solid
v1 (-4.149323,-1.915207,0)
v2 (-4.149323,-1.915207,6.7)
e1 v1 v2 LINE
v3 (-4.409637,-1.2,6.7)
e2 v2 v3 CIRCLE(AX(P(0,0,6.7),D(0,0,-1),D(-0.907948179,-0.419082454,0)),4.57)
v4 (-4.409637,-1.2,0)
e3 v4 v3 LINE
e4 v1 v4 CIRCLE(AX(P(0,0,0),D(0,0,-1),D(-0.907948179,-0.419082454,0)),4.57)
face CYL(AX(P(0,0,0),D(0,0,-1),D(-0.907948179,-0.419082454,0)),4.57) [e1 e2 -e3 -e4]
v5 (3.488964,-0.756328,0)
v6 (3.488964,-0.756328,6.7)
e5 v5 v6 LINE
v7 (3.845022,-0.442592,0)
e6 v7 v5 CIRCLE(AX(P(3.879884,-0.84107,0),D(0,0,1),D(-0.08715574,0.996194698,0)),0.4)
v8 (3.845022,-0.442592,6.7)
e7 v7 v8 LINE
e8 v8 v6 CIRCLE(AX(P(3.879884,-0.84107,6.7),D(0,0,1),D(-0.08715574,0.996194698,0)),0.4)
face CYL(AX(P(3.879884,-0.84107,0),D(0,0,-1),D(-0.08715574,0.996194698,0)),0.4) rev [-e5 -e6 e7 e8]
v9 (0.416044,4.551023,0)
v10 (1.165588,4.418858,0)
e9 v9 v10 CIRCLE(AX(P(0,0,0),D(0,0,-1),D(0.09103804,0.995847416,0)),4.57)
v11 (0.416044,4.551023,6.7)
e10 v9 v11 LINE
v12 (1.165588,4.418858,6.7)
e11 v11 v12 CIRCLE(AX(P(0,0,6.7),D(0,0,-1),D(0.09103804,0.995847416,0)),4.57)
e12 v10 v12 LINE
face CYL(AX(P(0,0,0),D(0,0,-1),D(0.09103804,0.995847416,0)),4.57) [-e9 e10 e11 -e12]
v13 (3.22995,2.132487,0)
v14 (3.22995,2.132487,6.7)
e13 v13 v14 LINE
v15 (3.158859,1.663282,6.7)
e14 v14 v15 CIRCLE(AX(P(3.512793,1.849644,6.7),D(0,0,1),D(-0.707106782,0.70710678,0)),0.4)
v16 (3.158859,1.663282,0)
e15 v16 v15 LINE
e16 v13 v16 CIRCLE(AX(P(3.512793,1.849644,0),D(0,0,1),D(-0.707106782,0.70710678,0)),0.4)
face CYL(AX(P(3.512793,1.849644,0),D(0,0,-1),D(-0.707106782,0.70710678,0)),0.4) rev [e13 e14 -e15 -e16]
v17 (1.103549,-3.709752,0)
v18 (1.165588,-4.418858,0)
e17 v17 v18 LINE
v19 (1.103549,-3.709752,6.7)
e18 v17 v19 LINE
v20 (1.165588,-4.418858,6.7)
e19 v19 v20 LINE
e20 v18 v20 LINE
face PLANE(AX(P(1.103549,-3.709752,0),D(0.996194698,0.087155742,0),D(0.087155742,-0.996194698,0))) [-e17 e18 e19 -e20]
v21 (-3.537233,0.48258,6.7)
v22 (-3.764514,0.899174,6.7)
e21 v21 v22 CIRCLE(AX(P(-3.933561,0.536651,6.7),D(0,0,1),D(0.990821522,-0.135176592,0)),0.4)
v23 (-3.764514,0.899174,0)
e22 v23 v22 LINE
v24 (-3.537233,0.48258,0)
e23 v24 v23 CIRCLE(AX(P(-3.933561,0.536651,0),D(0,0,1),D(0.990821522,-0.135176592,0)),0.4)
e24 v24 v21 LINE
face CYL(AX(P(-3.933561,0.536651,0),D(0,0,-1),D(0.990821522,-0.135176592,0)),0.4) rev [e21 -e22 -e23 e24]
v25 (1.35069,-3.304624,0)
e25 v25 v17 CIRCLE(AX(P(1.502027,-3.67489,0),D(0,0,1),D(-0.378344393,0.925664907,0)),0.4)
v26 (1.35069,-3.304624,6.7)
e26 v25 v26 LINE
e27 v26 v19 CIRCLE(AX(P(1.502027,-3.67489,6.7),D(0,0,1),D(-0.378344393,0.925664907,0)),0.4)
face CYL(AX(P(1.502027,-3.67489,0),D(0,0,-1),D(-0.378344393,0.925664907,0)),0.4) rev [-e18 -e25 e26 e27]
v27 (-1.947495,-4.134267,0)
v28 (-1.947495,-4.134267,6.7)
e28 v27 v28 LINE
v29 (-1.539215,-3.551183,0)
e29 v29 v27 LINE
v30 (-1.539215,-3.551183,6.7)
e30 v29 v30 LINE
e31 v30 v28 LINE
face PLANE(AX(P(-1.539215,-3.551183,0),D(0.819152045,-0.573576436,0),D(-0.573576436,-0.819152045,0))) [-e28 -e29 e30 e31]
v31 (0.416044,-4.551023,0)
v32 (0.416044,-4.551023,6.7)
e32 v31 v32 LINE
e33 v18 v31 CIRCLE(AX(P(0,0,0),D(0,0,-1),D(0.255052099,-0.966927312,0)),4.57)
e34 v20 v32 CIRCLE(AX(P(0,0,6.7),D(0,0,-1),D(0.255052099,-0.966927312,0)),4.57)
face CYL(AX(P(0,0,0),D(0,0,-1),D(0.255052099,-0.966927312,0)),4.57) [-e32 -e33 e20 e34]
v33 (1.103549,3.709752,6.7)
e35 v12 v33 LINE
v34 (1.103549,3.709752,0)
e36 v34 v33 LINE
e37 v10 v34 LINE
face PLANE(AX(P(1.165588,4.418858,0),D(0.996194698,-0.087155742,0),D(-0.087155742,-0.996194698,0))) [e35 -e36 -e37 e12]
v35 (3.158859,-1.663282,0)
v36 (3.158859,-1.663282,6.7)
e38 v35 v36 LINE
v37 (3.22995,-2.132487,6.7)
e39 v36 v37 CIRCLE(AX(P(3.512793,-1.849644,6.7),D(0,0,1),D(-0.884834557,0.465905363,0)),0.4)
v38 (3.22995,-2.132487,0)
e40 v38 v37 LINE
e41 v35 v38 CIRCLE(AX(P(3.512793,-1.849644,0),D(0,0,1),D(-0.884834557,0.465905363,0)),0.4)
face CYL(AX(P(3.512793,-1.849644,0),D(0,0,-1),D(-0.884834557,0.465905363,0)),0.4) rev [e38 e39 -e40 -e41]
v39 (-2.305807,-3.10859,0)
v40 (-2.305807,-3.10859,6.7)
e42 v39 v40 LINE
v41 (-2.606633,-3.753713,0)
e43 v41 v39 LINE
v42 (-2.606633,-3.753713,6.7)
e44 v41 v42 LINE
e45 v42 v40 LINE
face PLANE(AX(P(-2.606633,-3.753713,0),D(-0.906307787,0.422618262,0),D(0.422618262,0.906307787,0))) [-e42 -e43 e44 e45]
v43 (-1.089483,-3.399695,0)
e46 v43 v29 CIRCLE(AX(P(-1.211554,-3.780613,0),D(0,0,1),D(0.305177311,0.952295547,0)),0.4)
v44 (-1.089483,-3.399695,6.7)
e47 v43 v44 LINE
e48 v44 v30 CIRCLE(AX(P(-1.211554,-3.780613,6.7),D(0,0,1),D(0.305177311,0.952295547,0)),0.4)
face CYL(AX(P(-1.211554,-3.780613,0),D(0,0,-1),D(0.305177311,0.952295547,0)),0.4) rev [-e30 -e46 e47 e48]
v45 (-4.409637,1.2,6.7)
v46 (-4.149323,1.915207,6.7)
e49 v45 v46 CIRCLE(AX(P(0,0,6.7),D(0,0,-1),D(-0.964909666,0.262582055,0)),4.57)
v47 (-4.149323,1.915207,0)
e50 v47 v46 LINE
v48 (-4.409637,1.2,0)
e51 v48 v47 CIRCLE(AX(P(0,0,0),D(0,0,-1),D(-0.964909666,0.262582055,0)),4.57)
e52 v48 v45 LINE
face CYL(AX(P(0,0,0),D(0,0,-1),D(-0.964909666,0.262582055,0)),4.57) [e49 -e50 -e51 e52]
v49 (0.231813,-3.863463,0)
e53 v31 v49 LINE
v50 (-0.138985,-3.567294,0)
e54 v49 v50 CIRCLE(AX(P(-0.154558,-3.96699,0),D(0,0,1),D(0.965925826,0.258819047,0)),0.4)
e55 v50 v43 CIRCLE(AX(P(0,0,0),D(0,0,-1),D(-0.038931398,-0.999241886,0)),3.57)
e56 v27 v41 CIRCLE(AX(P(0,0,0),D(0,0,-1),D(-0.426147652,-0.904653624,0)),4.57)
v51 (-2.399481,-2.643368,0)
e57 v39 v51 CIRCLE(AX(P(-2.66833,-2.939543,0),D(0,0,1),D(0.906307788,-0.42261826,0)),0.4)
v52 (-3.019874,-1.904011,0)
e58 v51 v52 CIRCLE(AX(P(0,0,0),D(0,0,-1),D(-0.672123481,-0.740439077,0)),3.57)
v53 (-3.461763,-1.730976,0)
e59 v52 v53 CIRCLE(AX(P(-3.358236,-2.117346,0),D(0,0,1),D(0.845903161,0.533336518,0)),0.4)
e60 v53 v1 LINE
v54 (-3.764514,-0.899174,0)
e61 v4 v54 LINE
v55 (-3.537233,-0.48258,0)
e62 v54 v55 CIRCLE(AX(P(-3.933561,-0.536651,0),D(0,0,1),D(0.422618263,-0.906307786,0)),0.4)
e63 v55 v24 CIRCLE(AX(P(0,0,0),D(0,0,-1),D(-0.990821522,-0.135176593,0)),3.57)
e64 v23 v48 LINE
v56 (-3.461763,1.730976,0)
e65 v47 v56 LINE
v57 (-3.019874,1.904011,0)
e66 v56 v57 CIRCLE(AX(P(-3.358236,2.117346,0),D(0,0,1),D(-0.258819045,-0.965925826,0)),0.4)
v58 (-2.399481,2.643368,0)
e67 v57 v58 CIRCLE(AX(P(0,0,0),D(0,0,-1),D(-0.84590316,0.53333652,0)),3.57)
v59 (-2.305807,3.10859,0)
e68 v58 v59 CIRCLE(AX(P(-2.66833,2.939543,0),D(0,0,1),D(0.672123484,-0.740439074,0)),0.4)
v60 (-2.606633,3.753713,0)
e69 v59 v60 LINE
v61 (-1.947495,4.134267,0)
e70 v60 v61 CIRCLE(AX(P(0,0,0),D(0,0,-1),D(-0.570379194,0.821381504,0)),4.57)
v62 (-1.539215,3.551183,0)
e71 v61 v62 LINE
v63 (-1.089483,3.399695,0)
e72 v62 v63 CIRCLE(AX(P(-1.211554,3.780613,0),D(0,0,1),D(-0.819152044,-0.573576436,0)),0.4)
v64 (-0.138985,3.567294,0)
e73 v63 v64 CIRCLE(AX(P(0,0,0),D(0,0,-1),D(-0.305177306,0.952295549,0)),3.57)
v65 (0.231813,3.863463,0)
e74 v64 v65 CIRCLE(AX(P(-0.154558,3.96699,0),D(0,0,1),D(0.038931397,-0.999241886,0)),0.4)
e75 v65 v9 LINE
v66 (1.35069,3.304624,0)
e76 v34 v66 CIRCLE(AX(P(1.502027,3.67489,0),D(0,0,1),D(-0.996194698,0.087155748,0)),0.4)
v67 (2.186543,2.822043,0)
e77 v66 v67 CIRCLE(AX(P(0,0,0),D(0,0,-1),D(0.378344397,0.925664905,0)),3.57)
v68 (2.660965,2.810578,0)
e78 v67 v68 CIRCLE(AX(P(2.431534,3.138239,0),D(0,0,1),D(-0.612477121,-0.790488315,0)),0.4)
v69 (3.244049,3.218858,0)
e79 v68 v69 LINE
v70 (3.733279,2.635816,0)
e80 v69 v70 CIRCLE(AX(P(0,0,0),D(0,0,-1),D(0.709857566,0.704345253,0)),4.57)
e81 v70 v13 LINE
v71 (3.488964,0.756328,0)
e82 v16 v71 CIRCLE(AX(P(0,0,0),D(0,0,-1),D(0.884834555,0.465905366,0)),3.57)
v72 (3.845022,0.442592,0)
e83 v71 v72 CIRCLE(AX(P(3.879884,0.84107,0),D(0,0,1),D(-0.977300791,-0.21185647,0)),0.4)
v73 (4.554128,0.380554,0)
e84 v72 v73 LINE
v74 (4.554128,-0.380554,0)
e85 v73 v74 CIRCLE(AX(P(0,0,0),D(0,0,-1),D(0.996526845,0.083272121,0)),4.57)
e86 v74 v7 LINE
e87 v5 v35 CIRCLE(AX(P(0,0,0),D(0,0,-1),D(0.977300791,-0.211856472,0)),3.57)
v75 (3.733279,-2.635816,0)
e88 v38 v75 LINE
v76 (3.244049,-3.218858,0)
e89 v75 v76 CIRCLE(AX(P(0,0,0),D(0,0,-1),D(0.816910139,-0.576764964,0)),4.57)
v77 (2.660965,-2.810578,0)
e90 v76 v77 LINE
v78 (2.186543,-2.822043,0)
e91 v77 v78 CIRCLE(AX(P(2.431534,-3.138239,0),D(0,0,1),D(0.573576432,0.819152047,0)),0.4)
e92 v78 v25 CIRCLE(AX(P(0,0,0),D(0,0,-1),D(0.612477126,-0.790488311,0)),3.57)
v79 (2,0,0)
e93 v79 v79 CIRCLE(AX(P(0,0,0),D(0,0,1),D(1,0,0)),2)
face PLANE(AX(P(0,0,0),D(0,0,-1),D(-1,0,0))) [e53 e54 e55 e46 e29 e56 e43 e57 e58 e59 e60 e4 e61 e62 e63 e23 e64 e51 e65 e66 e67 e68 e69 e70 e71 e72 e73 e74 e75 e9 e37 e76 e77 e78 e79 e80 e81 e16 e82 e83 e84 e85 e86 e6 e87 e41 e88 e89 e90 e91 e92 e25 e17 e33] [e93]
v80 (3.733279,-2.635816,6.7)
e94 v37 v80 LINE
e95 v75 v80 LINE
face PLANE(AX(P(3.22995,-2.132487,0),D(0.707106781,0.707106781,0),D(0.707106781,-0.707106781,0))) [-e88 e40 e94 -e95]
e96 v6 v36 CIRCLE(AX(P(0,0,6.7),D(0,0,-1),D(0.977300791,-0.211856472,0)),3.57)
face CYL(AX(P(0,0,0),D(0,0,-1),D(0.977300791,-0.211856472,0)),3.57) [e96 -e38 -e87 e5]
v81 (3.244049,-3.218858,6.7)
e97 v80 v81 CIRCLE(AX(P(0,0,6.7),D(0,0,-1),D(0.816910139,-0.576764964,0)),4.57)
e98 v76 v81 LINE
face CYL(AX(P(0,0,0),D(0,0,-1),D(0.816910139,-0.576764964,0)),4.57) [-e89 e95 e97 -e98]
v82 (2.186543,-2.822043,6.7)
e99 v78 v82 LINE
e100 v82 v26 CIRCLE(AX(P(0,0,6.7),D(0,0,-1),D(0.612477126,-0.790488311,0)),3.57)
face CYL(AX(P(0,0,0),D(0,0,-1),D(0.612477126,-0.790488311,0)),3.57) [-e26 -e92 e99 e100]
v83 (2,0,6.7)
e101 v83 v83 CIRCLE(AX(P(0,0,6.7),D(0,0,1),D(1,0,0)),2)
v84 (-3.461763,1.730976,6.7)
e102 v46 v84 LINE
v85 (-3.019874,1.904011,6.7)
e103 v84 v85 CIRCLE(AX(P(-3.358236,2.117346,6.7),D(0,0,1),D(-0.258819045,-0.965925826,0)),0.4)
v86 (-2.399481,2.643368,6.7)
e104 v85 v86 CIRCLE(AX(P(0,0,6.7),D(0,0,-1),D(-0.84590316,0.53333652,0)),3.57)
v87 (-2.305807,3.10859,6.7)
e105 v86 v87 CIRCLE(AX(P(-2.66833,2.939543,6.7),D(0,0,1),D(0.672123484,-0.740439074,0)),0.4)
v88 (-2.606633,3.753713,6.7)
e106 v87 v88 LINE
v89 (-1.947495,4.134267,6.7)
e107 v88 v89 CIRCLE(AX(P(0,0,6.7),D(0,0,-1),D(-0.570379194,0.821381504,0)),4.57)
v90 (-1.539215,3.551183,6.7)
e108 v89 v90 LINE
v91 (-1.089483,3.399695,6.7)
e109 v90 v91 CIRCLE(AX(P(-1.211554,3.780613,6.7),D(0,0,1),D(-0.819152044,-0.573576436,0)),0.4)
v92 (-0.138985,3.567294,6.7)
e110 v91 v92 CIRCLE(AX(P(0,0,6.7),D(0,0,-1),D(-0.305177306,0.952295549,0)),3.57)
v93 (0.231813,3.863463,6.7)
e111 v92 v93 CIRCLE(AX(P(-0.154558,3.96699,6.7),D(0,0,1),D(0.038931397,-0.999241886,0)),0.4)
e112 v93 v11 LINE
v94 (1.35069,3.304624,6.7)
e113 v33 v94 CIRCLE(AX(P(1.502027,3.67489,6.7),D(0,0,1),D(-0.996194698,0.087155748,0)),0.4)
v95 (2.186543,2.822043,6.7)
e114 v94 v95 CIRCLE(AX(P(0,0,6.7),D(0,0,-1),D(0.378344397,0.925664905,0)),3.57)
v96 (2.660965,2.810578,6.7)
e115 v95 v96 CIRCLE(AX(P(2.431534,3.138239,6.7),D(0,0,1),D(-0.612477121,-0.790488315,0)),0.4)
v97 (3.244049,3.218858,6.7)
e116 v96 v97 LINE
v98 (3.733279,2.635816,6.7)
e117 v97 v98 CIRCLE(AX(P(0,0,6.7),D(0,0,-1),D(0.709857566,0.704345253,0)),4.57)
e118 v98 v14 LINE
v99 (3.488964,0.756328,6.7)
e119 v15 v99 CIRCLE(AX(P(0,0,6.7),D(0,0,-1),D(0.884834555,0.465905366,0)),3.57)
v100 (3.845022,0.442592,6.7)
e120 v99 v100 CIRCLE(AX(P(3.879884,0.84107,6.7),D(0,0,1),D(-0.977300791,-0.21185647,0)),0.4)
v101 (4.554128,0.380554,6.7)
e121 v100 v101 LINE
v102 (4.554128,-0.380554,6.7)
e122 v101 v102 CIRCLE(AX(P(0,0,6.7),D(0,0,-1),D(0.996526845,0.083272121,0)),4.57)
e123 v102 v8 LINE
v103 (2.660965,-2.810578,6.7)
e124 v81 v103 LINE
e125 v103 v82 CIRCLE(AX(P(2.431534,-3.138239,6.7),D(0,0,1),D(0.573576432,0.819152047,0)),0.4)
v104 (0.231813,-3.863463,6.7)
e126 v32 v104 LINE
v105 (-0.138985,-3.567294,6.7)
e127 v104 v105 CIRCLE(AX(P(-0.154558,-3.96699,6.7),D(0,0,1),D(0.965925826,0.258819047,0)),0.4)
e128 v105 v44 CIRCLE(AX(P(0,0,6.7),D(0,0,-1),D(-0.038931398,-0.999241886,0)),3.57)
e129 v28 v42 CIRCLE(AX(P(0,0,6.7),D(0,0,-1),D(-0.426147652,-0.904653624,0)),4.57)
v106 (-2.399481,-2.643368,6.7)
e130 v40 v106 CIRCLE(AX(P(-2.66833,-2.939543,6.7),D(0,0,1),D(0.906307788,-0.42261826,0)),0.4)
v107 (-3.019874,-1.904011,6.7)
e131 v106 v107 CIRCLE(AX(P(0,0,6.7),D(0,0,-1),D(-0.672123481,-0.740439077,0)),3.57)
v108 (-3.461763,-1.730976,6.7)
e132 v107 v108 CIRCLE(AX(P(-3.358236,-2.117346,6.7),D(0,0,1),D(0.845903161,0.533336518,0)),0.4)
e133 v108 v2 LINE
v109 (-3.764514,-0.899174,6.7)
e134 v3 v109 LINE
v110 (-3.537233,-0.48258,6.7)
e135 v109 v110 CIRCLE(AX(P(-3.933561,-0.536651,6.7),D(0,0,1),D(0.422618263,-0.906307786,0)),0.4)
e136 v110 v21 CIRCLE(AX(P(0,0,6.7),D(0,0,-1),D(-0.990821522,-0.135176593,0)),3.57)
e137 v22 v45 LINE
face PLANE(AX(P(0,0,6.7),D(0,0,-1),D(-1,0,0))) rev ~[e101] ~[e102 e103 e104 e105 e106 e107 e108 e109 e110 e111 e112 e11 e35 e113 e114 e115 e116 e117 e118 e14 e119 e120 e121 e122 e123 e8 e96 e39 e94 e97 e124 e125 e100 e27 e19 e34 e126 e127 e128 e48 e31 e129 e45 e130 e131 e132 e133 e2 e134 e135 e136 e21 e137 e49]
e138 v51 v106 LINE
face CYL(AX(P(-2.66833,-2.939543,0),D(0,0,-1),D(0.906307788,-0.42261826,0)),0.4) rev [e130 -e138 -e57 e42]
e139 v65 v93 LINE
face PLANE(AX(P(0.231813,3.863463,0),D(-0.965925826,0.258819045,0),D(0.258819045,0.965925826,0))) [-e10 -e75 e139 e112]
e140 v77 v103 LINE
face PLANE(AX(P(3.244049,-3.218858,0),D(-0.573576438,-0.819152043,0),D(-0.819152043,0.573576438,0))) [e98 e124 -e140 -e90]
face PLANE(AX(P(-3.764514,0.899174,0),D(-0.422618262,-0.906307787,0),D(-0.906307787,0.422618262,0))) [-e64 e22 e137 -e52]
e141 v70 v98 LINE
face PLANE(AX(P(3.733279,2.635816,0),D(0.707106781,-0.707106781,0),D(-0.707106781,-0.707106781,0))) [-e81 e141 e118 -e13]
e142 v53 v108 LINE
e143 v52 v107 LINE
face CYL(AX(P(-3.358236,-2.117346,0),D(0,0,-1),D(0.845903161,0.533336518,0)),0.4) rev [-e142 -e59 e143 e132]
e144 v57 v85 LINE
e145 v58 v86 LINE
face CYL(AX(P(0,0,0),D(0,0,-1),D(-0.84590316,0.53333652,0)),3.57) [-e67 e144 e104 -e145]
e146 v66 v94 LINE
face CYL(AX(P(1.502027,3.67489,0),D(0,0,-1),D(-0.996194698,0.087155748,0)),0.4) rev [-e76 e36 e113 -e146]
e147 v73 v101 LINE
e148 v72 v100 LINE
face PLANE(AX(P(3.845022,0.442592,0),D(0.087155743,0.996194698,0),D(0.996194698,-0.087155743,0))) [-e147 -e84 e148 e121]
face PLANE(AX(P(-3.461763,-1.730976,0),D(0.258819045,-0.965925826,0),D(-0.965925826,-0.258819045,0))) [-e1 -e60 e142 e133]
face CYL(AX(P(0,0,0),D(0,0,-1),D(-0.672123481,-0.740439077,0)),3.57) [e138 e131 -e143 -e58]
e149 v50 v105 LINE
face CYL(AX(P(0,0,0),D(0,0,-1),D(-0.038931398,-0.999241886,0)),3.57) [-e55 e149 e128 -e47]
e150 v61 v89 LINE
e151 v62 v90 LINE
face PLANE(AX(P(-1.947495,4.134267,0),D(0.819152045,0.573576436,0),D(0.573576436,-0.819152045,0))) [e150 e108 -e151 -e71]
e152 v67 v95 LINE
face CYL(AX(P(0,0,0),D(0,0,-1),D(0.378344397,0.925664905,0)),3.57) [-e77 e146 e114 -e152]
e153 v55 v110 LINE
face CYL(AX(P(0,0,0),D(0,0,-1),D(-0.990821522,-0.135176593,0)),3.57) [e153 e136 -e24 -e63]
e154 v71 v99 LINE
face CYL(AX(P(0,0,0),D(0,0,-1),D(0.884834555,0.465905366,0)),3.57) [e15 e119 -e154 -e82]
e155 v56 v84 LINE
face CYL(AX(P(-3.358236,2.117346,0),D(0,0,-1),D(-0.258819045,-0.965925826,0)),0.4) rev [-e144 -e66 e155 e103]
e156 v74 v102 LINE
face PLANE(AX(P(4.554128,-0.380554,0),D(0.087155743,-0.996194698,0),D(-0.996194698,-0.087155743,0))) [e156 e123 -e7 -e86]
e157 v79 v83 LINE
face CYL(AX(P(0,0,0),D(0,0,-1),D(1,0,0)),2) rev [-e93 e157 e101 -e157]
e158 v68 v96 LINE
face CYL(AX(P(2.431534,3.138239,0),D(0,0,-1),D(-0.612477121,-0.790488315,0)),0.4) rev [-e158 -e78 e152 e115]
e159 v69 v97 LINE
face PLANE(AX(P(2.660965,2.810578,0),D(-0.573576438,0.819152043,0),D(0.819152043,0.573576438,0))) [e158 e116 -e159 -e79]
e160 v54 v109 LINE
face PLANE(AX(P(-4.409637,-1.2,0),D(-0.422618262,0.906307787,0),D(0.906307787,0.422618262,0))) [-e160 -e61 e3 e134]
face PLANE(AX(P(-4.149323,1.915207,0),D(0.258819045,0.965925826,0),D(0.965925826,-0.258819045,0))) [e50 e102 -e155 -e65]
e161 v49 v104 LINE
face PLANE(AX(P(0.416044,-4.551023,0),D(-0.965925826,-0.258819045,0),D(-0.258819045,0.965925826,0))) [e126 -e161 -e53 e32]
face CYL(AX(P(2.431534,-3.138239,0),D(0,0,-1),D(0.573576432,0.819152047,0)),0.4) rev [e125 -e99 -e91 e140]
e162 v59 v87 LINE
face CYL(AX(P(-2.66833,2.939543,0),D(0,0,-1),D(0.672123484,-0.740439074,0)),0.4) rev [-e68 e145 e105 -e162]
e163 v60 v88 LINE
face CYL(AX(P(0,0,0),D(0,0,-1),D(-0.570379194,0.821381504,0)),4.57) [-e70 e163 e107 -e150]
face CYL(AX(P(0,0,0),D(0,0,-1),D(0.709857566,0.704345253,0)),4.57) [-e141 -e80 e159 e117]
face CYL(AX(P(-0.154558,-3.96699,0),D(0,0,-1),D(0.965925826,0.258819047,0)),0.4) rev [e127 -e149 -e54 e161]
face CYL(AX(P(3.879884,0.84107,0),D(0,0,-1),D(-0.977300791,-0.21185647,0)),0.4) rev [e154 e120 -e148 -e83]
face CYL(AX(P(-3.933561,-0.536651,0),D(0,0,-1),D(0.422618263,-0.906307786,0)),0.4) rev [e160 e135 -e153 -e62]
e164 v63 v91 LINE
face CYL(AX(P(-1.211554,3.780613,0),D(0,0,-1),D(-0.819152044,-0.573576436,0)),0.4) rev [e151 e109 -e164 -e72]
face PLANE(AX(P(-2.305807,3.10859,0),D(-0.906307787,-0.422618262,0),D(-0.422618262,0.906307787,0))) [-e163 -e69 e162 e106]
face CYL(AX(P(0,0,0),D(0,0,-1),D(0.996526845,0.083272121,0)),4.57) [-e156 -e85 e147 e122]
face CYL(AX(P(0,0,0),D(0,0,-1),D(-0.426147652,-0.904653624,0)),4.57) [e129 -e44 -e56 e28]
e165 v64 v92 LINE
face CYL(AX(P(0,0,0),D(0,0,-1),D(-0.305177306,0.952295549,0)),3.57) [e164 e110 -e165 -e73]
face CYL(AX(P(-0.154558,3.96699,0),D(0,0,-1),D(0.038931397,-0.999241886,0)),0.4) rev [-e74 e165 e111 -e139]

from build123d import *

# Parameters (mm, degrees)
SKETCH2_R           = 2
BOSS_EXTRUDE1_DEPTH = 6.7


with BuildPart() as part:
    # Sketch2 → Boss-Extrude1 (new body)
    with BuildSketch(Plane.XY):
        with BuildLine():
            Line((-4.409637173, -1.2), (-3.764514138, -0.899174188))
            ThreePointArc((-3.764514138, -0.899174188), (-3.582420347, -0.728223333), (-3.537232834, -0.482580436))
            ThreePointArc((-3.537232834, -0.482580436), (-3.57, 0), (-3.537232834, 0.482580436))
            ThreePointArc((-3.537232834, 0.482580436), (-3.582420347, 0.728223333), (-3.764514138, 0.899174188))
            Line((-3.764514138, 0.899174188), (-4.409637173, 1.2))
            ThreePointArc((-4.409637173, 1.2), (-4.294395277, 1.563032055), (-4.149323184, 1.915206806))
            Line((-4.149323184, 1.915206806), (-3.461763164, 1.730975654))
            ThreePointArc((-3.461763164, 1.730975654), (-3.212386135, 1.744883974), (-3.019874282, 1.904011377))
            ThreePointArc((-3.019874282, 1.904011377), (-2.734778662, 2.294751767), (-2.399480831, 2.6433675))
            ThreePointArc((-2.399480831, 2.6433675), (-2.276200264, 2.860586849), (-2.305807109, 3.108590435))
            Line((-2.305807109, 3.108590435), (-2.606632921, 3.75371347))
            ThreePointArc((-2.606632921, 3.75371347), (-2.285, 3.957736095), (-1.947494763, 4.134267063))
            Line((-1.947494763, 4.134267063), (-1.539214732, 3.55118275))
            ThreePointArc((-1.539214732, 3.55118275), (-1.339240749, 3.401540677), (-1.089482991, 3.399695106))
            ThreePointArc((-1.089482991, 3.399695106), (-0.619923994, 3.515763678), (-0.13898508, 3.567293533))
            ThreePointArc((-0.13898508, 3.567293533), (0.095079219, 3.654449987), (0.231812692, 3.863462669))
            Line((0.231812692, 3.863462669), (0.416043844, 4.551022689))
            ThreePointArc((0.416043844, 4.551022689), (0.793572172, 4.500571431), (1.165588102, 4.418857814))
            Line((1.165588102, 4.418857814), (1.10354938, 3.709751971))
            ThreePointArc((1.10354938, 3.709751971), (1.160550267, 3.466578694), (1.3506895, 3.304623712))
            ThreePointArc((1.3506895, 3.304623712), (1.785, 3.091710692), (2.186543334, 2.822043275))
            ThreePointArc((2.186543334, 2.822043275), (2.421870079, 2.738355361), (2.660964759, 2.810577782))
            Line((2.660964759, 2.810577782), (3.244049071, 3.218857814))
            ThreePointArc((3.244049071, 3.218857814), (3.500823105, 2.937539376), (3.73327934, 2.635815883))
            Line((3.73327934, 2.635815883), (3.229950472, 2.132487015))
            ThreePointArc((3.229950472, 2.132487015), (3.117306916, 1.909566013), (3.158859362, 1.663282156))
            ThreePointArc((3.158859362, 1.663282156), (3.354702656, 1.221011912), (3.488963822, 0.756327606))
            ThreePointArc((3.488963822, 0.756327606), (3.615441013, 0.540953828), (3.845021841, 0.442592316))
            Line((3.845021841, 0.442592316), (4.554127684, 0.380553593))
            ThreePointArc((4.554127684, 0.380553593), (4.57, 0), (4.554127684, -0.380553593))
            Line((4.554127684, -0.380553593), (3.845021841, -0.442592316))
            ThreePointArc((3.845021841, -0.442592316), (3.615441013, -0.540953828), (3.488963822, -0.756327606))
            ThreePointArc((3.488963822, -0.756327606), (3.354702656, -1.221011912), (3.158859362, -1.663282156))
            ThreePointArc((3.158859362, -1.663282156), (3.117306916, -1.909566013), (3.229950472, -2.132487015))
            Line((3.229950472, -2.132487015), (3.73327934, -2.635815883))
            ThreePointArc((3.73327934, -2.635815883), (3.500823105, -2.937539376), (3.244049071, -3.218857814))
            Line((3.244049071, -3.218857814), (2.660964759, -2.810577782))
            ThreePointArc((2.660964759, -2.810577782), (2.421870079, -2.738355361), (2.186543334, -2.822043275))
            ThreePointArc((2.186543334, -2.822043275), (1.785, -3.091710692), (1.3506895, -3.304623712))
            ThreePointArc((1.3506895, -3.304623712), (1.160550267, -3.466578694), (1.10354938, -3.709751971))
            Line((1.10354938, -3.709751971), (1.165588102, -4.418857814))
            ThreePointArc((1.165588102, -4.418857814), (0.793572172, -4.500571431), (0.416043844, -4.551022689))
            Line((0.416043844, -4.551022689), (0.231812692, -3.863462669))
            ThreePointArc((0.231812692, -3.863462669), (0.095079219, -3.654449987), (-0.13898508, -3.567293533))
            ThreePointArc((-0.13898508, -3.567293533), (-0.619923994, -3.515763678), (-1.089482991, -3.399695106))
            ThreePointArc((-1.089482991, -3.399695106), (-1.339240749, -3.401540677), (-1.539214732, -3.55118275))
            Line((-1.539214732, -3.55118275), (-1.947494763, -4.134267063))
            ThreePointArc((-1.947494763, -4.134267063), (-2.285, -3.957736095), (-2.606632921, -3.75371347))
            Line((-2.606632921, -3.75371347), (-2.305807109, -3.108590435))
            ThreePointArc((-2.305807109, -3.108590435), (-2.276200264, -2.860586849), (-2.399480831, -2.6433675))
            ThreePointArc((-2.399480831, -2.6433675), (-2.734778662, -2.294751767), (-3.019874282, -1.904011377))
            ThreePointArc((-3.019874282, -1.904011377), (-3.212386135, -1.744883974), (-3.461763164, -1.730975654))
            Line((-3.461763164, -1.730975654), (-4.149323184, -1.915206806))
            ThreePointArc((-4.149323184, -1.915206806), (-4.294395277, -1.563032055), (-4.409637173, -1.2))
        make_face()
        Circle(SKETCH2_R, mode=Mode.SUBTRACT)
    extrude(amount=BOSS_EXTRUDE1_DEPTH)


solid = part.part
